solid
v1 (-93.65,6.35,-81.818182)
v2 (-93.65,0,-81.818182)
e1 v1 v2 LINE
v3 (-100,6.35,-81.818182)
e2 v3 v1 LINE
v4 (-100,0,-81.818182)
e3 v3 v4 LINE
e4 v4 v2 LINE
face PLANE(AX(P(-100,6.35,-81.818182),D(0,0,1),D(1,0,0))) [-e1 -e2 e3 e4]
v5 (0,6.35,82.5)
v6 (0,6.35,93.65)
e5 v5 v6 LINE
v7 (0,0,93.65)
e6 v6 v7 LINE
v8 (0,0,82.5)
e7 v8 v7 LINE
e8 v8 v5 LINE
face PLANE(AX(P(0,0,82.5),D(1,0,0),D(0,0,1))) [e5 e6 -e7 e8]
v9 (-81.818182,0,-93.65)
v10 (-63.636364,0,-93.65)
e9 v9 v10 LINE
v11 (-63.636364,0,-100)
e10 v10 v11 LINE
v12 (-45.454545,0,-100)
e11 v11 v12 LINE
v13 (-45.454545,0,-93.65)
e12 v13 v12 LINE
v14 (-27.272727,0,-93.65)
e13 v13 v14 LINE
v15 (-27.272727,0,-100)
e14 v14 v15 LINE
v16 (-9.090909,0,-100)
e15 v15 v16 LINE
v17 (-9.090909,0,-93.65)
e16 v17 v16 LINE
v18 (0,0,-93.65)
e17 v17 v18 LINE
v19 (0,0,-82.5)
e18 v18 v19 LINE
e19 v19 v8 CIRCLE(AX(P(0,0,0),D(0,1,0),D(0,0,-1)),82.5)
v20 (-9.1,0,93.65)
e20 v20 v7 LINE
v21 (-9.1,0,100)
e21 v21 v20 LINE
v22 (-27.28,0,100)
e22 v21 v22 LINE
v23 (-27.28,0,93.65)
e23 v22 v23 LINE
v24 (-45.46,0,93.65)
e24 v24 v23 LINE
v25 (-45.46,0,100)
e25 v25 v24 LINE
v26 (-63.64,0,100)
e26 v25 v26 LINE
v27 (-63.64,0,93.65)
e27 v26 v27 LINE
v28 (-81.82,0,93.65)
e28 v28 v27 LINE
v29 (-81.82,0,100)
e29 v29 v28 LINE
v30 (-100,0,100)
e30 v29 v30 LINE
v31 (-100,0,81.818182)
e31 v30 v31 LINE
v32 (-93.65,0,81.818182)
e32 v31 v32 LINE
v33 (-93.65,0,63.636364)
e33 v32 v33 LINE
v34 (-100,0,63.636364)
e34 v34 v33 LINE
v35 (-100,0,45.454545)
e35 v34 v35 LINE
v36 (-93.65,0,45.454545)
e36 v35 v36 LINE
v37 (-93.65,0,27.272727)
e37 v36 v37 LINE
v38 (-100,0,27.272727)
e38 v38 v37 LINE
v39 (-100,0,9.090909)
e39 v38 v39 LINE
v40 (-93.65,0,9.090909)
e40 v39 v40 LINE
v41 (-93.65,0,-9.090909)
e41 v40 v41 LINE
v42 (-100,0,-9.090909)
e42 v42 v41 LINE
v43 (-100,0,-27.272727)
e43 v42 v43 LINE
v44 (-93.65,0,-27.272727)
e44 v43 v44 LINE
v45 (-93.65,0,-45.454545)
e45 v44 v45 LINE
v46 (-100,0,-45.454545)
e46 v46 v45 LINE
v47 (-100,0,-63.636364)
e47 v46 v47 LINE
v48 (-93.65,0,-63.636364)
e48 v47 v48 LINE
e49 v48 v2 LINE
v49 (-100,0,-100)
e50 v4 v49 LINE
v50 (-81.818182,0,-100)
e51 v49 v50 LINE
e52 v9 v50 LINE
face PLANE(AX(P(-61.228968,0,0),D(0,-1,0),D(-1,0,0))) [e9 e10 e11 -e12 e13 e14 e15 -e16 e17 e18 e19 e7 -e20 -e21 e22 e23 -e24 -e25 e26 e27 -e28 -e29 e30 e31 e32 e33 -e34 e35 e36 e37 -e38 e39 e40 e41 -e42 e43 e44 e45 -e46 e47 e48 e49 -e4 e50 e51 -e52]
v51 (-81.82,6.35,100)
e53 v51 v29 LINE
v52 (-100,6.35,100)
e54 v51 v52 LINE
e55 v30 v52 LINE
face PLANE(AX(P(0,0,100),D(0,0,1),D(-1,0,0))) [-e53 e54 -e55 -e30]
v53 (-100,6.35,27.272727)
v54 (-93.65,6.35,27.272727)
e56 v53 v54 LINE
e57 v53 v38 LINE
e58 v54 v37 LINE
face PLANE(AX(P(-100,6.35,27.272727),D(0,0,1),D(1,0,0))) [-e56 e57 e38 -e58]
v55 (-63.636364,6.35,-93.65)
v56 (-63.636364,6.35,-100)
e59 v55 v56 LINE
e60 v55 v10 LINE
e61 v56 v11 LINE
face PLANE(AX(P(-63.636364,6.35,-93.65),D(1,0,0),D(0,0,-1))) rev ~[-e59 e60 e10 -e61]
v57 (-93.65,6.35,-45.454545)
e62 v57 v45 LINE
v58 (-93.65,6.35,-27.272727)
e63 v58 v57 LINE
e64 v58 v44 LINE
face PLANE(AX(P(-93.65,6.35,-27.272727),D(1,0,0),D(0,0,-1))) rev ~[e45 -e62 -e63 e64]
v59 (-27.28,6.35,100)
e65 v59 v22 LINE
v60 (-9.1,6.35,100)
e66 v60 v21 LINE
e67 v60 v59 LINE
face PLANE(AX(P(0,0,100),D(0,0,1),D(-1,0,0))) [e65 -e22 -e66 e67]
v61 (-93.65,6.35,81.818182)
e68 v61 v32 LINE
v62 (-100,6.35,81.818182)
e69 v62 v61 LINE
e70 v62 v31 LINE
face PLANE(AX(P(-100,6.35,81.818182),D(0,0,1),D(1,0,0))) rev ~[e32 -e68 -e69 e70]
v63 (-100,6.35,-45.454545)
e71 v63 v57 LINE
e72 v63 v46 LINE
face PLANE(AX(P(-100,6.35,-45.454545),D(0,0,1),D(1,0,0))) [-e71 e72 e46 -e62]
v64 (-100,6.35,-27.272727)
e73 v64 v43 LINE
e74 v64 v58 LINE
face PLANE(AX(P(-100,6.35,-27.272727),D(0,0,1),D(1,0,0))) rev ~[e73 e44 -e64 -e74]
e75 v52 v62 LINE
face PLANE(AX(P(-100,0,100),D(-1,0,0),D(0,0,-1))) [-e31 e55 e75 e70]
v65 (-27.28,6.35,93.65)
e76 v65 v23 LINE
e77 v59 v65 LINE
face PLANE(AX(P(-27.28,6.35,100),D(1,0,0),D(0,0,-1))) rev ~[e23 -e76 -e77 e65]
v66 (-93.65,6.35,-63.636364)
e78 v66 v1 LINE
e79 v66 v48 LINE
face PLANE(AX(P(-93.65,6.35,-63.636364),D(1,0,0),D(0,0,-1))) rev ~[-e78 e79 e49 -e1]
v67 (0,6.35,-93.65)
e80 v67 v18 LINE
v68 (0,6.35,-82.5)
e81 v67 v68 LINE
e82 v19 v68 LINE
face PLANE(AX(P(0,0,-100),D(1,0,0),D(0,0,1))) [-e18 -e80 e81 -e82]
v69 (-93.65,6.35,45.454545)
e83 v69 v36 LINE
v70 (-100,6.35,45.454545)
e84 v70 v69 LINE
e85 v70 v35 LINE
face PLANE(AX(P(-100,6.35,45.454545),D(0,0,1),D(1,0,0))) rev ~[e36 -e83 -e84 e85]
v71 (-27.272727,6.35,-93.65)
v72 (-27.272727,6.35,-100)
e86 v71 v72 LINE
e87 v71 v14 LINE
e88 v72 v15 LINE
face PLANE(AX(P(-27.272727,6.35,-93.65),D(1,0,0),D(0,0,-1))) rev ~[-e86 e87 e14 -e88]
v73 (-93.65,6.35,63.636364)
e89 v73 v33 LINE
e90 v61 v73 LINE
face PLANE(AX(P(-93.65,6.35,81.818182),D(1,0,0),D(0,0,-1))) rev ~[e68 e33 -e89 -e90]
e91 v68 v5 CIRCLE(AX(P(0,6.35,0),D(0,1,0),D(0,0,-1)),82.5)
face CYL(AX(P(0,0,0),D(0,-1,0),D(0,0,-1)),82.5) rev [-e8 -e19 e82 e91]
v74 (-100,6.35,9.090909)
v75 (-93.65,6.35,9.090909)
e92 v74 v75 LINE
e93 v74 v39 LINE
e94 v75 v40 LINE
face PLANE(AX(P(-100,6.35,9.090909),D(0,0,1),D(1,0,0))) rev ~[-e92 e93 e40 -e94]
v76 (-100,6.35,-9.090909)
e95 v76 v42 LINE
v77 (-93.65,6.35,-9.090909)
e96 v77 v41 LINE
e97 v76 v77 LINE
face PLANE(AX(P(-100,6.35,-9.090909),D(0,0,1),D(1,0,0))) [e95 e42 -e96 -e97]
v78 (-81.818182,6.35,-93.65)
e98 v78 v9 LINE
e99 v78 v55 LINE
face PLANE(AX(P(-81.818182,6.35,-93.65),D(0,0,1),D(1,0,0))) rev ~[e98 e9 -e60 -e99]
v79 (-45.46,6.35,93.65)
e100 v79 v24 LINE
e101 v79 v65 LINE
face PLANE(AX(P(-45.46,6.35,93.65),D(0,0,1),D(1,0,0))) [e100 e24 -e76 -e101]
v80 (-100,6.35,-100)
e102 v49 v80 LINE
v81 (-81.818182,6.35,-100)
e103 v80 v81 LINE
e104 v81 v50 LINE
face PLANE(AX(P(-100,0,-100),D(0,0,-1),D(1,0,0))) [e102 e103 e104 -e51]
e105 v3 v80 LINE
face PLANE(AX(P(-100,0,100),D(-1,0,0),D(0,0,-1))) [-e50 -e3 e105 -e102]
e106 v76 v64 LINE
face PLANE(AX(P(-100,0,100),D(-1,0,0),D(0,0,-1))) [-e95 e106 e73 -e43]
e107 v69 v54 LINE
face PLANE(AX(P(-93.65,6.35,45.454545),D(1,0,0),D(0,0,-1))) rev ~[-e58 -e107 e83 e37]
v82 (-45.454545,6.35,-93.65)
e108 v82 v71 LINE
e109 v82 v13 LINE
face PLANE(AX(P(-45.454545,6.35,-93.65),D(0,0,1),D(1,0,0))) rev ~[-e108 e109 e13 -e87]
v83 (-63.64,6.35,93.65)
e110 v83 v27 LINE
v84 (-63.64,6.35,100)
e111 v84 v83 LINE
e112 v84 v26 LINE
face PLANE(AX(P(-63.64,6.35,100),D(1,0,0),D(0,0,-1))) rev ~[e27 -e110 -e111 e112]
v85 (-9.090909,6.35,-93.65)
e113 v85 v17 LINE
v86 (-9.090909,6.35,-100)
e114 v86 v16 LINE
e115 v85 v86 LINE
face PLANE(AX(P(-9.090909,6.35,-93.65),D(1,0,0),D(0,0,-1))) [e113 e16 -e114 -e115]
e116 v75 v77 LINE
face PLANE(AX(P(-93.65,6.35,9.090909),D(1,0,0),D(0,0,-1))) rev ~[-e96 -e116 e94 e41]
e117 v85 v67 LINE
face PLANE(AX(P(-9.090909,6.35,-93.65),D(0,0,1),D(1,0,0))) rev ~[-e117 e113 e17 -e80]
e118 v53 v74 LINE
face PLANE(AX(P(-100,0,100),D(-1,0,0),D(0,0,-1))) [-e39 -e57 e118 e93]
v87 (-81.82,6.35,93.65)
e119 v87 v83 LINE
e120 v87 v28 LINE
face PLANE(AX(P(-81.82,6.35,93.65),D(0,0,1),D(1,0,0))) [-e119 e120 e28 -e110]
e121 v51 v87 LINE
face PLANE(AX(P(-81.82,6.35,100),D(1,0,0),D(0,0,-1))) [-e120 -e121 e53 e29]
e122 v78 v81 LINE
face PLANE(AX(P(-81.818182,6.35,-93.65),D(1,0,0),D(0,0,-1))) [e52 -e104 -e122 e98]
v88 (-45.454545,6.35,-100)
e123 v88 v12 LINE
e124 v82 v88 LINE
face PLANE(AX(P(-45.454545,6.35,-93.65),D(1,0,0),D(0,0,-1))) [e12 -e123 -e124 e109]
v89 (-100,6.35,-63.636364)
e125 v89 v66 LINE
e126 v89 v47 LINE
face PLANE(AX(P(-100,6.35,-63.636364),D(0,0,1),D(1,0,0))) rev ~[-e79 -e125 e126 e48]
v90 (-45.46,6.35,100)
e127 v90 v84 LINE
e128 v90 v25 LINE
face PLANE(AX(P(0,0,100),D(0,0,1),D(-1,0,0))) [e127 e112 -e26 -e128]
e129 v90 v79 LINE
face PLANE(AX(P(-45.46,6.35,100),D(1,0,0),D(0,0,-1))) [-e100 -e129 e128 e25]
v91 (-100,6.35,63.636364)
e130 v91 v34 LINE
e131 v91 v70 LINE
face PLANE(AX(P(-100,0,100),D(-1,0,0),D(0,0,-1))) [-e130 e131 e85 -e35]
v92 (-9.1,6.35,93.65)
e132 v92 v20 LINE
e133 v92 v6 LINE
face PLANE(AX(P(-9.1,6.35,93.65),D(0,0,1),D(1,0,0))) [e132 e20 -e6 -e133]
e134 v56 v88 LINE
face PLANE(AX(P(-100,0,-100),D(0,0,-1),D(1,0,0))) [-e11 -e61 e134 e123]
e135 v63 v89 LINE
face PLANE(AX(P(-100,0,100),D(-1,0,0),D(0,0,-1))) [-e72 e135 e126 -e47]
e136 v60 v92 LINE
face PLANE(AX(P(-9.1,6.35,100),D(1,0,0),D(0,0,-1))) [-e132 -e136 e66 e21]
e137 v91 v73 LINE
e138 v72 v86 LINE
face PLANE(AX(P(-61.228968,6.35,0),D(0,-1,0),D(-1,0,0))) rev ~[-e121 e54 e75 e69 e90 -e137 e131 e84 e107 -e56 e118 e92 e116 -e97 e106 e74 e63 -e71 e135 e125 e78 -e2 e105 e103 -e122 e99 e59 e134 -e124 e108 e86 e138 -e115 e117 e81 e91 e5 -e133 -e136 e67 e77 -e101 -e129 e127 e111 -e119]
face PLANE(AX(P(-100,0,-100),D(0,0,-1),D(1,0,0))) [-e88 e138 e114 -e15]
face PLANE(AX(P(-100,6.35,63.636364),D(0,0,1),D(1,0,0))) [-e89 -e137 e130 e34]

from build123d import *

# Parameters (mm, degrees)
BOSS_EXTRU_1_DEPTH      = 6.35
ESQUISSE2_W             = 18.18
ESQUISSE2_H             = 6.35
ESQUISSE2_W_2           = 6.35
ESQUISSE2_H_2           = 18.181818182
ESQUISSE2_W_3           = 18.181818182
ENL_V_MAT_EXTRU_1_DEPTH = 6.35


with BuildPart() as part:
    # Esquisse1 → Boss.-Extru.1 (new body)
    with BuildSketch(Plane(origin=(0, 0, 0), x_dir=(1, 0, 0), z_dir=(0, 1, 0))):
        with BuildLine():
            Line((0, -82.5), (0, -100))
            Line((0, -100), (-100, -100))
            Line((-100, -100), (-100, 100))
            Line((-100, 100), (0, 100))
            Line((0, 100), (0, 82.5))
            ThreePointArc((0, 82.5), (-82.5, 0), (0, -82.5))
        make_face()
    extrude(amount=BOSS_EXTRU_1_DEPTH)

    # Esquisse2 → Enlèv. mat.-Extru.1 (cut)
    with BuildSketch(Plane(origin=(0, 6.35, 0), x_dir=(1, 0, 0), z_dir=(0, 1, 0))):
        with Locations((-72.73, -96.825)):
            Rectangle(ESQUISSE2_W, ESQUISSE2_H)
        with Locations((-36.37, -96.825)):
            Rectangle(ESQUISSE2_W, ESQUISSE2_H)
        with Locations((-0.01, -96.825)):
            Rectangle(ESQUISSE2_W, ESQUISSE2_H)
        with Locations((-96.825, -72.727272727)):
            Rectangle(ESQUISSE2_W_2, ESQUISSE2_H_2)
        with Locations((-96.825, -36.363636364)):
            Rectangle(ESQUISSE2_W_2, ESQUISSE2_H_2)
        with Locations((-96.825, 0)):
            Rectangle(ESQUISSE2_W_2, ESQUISSE2_H_2)
        with Locations((-96.825, 36.363636364)):
            Rectangle(ESQUISSE2_W_2, ESQUISSE2_H_2)
        with Locations((-96.825, 72.727272727)):
            Rectangle(ESQUISSE2_W_2, ESQUISSE2_H_2)
        with Locations((-72.727272727, 96.825)):
            Rectangle(ESQUISSE2_W_3, ESQUISSE2_H)
        with Locations((-36.363636364, 96.825)):
            Rectangle(ESQUISSE2_W_3, ESQUISSE2_H)
        with Locations((-0.000909091, 96.825)):
            Rectangle(ESQUISSE2_W, ESQUISSE2_H)
    extrude(amount=-ENL_V_MAT_EXTRU_1_DEPTH, mode=Mode.SUBTRACT)


solid = part.part
